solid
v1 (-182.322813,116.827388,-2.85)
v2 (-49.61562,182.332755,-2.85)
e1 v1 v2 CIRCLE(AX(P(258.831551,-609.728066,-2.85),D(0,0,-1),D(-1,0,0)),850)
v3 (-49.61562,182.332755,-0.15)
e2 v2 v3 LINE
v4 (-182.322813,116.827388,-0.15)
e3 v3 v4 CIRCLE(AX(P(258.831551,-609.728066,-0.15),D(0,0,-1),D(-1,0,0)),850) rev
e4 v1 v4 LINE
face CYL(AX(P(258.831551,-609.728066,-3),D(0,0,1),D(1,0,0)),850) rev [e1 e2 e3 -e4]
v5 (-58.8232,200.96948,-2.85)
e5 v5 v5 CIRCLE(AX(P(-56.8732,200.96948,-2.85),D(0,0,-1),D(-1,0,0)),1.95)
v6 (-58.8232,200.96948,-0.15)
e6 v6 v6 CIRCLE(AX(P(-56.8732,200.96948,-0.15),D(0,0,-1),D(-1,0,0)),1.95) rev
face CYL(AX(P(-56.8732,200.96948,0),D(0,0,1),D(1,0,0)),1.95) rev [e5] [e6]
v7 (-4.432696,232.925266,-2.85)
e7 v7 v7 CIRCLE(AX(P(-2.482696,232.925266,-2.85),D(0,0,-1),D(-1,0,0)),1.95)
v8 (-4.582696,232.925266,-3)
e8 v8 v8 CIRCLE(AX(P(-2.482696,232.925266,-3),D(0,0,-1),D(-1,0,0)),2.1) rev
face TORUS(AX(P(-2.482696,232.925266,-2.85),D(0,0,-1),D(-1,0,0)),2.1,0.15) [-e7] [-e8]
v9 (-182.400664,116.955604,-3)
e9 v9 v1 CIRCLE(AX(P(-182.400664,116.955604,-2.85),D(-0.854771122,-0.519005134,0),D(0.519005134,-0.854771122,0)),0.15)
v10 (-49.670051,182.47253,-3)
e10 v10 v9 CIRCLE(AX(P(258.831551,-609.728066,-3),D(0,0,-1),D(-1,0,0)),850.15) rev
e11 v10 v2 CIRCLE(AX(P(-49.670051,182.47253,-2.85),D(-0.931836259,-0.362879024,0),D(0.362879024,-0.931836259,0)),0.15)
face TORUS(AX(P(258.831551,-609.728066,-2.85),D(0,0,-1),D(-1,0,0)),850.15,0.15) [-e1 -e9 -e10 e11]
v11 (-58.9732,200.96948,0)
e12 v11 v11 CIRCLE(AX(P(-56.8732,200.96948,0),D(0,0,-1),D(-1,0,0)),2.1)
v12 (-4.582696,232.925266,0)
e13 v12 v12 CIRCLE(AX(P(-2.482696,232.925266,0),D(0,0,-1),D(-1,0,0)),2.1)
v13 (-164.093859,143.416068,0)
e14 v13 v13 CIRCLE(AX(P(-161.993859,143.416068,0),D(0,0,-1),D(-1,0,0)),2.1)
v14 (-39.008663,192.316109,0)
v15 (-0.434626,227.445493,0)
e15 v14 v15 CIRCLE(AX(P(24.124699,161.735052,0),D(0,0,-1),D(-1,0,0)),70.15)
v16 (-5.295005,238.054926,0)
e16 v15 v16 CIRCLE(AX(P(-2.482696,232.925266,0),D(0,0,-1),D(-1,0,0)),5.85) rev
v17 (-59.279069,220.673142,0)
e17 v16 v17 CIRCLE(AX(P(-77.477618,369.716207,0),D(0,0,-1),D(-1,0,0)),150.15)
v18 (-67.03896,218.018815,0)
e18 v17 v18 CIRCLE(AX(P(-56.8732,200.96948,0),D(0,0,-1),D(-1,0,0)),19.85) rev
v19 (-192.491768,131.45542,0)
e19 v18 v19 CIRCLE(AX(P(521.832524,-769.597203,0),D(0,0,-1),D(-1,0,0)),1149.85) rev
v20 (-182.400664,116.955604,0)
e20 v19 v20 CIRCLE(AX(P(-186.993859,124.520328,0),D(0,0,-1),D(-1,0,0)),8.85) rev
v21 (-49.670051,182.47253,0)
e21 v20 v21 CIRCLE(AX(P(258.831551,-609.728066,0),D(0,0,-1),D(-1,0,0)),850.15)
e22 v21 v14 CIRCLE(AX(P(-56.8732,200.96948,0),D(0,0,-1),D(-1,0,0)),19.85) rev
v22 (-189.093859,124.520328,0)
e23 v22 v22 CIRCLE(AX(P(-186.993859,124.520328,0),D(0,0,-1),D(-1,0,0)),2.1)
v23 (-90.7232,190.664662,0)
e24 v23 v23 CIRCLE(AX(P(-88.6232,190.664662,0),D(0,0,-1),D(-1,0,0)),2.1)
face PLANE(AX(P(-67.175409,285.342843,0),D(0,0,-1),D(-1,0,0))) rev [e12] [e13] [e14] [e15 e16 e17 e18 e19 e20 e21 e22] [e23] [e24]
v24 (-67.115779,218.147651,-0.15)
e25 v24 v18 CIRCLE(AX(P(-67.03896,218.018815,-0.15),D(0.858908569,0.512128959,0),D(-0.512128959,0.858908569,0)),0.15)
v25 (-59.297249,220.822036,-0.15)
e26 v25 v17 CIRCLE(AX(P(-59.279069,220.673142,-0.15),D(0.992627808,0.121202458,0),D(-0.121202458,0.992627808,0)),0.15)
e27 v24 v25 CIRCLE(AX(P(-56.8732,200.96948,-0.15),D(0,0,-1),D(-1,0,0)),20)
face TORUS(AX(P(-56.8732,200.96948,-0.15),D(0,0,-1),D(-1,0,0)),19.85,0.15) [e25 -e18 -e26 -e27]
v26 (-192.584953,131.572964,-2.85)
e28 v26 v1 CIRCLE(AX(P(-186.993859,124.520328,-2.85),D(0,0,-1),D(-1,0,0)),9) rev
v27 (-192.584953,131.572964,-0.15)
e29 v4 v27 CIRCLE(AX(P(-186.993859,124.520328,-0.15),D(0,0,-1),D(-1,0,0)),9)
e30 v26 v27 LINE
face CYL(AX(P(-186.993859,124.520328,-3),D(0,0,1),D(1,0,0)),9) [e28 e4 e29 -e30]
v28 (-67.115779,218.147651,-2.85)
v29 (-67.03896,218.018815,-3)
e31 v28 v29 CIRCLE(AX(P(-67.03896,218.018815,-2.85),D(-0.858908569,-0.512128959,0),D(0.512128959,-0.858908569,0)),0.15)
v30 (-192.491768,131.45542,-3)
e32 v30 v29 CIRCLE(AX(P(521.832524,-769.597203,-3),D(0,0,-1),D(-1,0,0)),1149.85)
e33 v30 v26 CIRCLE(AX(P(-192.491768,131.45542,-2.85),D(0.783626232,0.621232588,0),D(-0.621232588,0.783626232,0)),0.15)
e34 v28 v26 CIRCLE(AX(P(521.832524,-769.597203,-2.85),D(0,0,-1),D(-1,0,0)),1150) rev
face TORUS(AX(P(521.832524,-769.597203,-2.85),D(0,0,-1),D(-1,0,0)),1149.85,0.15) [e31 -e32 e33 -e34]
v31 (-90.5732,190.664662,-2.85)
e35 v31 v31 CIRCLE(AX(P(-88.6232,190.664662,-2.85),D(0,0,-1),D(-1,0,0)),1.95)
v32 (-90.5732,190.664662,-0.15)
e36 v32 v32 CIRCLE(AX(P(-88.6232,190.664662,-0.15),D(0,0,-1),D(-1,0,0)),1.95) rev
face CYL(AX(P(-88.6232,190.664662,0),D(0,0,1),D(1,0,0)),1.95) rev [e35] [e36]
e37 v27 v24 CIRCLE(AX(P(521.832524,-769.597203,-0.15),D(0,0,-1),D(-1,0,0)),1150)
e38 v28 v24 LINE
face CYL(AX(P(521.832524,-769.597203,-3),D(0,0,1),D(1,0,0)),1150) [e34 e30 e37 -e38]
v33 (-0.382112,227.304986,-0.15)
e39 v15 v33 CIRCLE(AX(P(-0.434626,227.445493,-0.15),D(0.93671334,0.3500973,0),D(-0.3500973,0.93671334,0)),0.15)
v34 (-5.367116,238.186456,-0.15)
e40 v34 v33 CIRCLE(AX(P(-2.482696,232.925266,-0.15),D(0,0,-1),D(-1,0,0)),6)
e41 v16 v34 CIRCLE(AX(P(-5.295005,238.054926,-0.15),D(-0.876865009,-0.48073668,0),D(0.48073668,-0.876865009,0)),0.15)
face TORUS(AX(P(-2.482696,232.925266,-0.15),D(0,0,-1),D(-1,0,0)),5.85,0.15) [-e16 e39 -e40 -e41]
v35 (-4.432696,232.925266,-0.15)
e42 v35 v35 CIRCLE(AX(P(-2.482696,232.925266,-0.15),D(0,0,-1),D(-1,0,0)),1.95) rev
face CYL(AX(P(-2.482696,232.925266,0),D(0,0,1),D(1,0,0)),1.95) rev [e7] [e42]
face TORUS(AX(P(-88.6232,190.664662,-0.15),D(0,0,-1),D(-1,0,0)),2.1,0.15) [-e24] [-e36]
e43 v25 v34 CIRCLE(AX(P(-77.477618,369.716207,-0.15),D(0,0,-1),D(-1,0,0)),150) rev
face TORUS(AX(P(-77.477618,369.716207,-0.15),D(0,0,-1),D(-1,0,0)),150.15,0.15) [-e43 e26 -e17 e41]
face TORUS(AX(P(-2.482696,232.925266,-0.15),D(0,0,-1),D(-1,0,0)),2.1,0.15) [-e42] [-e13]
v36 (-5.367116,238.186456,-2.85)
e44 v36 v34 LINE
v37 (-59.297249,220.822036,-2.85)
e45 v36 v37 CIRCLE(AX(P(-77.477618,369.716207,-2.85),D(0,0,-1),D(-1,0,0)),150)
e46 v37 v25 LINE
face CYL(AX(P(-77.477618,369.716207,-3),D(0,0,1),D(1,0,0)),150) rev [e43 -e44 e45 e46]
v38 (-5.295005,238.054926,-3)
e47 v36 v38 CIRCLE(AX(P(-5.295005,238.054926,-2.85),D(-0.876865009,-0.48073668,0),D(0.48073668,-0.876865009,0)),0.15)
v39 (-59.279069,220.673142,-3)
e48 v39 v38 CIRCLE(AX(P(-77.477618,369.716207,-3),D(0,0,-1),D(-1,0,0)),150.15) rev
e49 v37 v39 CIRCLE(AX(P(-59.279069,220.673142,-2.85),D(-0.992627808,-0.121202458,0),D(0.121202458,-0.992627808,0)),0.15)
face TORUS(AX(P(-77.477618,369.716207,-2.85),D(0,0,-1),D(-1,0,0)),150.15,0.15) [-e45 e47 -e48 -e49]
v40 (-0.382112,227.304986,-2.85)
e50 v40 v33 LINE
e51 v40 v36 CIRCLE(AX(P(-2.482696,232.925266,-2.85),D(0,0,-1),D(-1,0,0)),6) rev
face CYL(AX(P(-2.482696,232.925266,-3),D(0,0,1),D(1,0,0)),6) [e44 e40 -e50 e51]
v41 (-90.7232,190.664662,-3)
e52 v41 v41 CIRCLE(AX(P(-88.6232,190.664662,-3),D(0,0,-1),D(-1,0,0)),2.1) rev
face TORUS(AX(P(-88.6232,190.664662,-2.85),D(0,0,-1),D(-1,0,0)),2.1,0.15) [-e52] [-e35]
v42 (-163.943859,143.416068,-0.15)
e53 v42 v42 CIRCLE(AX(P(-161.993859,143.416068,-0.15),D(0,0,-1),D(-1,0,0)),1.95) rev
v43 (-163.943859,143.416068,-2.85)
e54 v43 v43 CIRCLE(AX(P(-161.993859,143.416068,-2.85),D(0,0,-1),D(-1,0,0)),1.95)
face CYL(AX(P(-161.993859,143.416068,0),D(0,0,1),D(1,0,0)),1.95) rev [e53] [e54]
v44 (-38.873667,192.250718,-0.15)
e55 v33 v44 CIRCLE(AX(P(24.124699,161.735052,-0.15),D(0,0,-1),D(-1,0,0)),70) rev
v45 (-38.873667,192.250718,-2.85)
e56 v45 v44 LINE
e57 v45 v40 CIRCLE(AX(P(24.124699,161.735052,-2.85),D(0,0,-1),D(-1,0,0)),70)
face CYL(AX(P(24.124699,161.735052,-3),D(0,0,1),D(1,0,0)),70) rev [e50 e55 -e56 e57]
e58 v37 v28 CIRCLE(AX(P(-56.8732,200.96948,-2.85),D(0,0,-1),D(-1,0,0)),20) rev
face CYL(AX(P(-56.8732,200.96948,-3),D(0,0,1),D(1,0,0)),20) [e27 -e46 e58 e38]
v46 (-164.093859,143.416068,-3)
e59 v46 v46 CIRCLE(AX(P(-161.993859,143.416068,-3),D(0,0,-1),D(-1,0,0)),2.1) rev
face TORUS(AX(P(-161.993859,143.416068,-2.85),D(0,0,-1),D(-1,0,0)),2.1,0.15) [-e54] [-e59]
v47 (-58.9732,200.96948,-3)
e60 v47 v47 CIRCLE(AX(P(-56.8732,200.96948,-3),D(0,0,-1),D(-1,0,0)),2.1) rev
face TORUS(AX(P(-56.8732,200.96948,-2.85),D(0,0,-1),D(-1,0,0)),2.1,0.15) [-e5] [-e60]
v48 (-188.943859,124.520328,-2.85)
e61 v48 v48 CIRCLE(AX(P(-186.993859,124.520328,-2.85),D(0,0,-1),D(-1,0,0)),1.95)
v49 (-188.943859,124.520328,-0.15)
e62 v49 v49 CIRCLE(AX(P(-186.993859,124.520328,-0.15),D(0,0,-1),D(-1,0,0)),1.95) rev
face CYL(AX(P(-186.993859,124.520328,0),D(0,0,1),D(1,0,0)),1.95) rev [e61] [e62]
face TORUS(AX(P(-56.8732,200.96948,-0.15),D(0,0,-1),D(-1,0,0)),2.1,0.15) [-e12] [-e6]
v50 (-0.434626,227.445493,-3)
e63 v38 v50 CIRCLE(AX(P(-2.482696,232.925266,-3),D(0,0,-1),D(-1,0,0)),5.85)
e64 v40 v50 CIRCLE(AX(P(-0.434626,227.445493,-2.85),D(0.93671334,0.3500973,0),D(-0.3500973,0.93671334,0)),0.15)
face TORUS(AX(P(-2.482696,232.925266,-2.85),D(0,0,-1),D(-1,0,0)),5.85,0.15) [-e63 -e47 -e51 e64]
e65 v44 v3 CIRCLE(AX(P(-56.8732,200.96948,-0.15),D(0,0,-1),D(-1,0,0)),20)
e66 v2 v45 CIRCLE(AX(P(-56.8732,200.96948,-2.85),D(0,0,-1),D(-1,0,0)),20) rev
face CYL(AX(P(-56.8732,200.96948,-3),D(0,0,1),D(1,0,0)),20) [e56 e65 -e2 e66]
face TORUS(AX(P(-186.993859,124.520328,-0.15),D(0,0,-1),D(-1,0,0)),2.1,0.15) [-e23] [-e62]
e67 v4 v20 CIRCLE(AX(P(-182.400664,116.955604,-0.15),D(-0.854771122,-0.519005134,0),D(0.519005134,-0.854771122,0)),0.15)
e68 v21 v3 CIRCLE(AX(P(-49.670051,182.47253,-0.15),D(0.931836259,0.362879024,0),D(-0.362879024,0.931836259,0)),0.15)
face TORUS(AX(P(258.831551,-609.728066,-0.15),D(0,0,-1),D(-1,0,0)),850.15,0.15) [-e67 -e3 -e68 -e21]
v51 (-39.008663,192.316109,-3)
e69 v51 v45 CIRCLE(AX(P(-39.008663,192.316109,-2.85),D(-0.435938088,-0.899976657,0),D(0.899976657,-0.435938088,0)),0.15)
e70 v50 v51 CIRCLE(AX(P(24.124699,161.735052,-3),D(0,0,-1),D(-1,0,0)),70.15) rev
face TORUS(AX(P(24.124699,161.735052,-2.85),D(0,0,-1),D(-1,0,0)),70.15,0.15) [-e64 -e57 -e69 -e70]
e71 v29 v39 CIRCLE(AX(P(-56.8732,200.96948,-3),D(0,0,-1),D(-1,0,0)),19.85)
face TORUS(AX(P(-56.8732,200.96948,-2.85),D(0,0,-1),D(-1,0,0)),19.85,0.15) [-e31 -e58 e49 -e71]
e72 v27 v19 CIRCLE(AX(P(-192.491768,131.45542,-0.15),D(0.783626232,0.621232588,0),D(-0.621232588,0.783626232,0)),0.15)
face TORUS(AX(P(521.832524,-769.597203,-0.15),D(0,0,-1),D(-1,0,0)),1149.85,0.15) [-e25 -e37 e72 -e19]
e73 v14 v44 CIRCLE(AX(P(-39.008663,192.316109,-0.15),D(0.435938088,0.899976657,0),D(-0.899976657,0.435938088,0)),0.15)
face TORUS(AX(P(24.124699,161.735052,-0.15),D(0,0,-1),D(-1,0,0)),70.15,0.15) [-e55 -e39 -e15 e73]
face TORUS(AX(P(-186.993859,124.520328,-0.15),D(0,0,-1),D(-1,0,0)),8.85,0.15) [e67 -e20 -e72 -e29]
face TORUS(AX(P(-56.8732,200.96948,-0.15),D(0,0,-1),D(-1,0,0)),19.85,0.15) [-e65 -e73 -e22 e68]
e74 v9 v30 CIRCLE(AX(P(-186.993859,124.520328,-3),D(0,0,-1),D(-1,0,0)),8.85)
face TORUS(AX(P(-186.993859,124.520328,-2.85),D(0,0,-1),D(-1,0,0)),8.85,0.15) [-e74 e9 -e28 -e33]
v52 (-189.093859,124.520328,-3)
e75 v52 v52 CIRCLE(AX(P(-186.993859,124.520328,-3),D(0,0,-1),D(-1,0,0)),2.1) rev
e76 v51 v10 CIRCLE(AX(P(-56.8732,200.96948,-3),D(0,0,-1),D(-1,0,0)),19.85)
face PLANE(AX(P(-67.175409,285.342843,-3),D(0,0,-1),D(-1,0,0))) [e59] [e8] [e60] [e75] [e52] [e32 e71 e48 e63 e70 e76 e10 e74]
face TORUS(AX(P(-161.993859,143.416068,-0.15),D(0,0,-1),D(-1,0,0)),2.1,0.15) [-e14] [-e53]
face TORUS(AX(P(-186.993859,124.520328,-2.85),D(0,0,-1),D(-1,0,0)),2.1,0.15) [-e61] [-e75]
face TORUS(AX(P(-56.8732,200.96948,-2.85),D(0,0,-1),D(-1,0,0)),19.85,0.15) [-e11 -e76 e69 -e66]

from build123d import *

# Parameters (mm, degrees)
BOSS_EXTRUDE1_DEPTH    = 3
M3_5_CLEARANCE_HOLE1_D = 3.9
FILLET1_R              = 0.15


with BuildPart() as part:
    # Sketch1 → Boss-Extrude1 (new body)
    with BuildSketch(Plane.XY):
        with BuildLine():
            ThreePointArc((-59.297249152, 220.822035994), (-31.504896521, 226.934874667), (-5.367115741, 238.186455766))
            ThreePointArc((-5.367115741, 238.186455766), (2.972136848, 235.424225962), (-0.382111858, 227.304985675))
            ThreePointArc((-0.382111858, 227.304985675), (-23.007979751, 213.489381006), (-38.873666857, 192.250718079))
            ThreePointArc((-38.873666857, 192.250718079), (-43.305888298, 186.27498927), (-49.615619513, 182.332754662))
            ThreePointArc((-49.615619513, 182.332754662), (-117.397572559, 152.47377549), (-182.322813029, 116.827387931))
            ThreePointArc((-182.322813029, 116.827387931), (-194.380984924, 119.37928007), (-192.58495253, 131.572964115))
            ThreePointArc((-192.58495253, 131.572964115), (-131.286441458, 176.941553639), (-67.115779179, 218.147651217))
            ThreePointArc((-67.115779179, 218.147651217), (-63.346139966, 219.893037865), (-59.297249152, 220.822035994))
        make_face()
    extrude(amount=-BOSS_EXTRUDE1_DEPTH)

    # M3.5 Clearance Hole1 (through all)
    with Locations(Plane.XY):
        with Locations((-186.993859237, 124.520328027), (-161.993859237, 143.416067608), (-88.623199998, 190.664661821), (-56.873199998, 200.969479844), (-2.482695658, 232.925265712)):
            Hole(M3_5_CLEARANCE_HOLE1_D / 2)

    # Fillet1
    fillet1_edges = [part.edges().sort_by_distance(p)[0] for p in [
        (-117.397572559, 152.47377549, 0),
        (-194.380984924, 119.37928007, 0),
        (-131.286441458, 176.941553639, 0),
        (-63.346139966, 219.893037865, 0),
        (-194.380984924, 119.37928007, -3),
        (-117.397572559, 152.47377549, -3),
        (-43.305888298, 186.27498927, -3),
        (-23.007979751, 213.489381006, -3),
        (-0.532695658, 232.925265712, 0),
        (-0.532695658, 232.925265712, -3),
        (2.972136848, 235.424225962, -3),
        (-31.504896521, 226.934874667, -3),
        (-54.923199998, 200.969479844, 0),
        (-54.923199998, 200.969479844, -3),
        (-86.673199998, 190.664661821, 0),
        (-86.673199998, 190.664661821, -3),
        (-160.043859237, 143.416067608, 0),
        (-160.043859237, 143.416067608, -3),
        (-185.043859237, 124.520328027, 0),
        (-185.043859237, 124.520328027, -3),
        (-63.346139966, 219.893037865, -3),
        (-31.504896521, 226.934874667, 0),
        (-131.286441458, 176.941553639, -3),
        (2.972136848, 235.424225962, 0),
        (-23.007979751, 213.489381006, 0),
        (-43.305888298, 186.27498927, 0),
    ]]
    fillet(fillet1_edges, radius=FILLET1_R)


solid = part.part
